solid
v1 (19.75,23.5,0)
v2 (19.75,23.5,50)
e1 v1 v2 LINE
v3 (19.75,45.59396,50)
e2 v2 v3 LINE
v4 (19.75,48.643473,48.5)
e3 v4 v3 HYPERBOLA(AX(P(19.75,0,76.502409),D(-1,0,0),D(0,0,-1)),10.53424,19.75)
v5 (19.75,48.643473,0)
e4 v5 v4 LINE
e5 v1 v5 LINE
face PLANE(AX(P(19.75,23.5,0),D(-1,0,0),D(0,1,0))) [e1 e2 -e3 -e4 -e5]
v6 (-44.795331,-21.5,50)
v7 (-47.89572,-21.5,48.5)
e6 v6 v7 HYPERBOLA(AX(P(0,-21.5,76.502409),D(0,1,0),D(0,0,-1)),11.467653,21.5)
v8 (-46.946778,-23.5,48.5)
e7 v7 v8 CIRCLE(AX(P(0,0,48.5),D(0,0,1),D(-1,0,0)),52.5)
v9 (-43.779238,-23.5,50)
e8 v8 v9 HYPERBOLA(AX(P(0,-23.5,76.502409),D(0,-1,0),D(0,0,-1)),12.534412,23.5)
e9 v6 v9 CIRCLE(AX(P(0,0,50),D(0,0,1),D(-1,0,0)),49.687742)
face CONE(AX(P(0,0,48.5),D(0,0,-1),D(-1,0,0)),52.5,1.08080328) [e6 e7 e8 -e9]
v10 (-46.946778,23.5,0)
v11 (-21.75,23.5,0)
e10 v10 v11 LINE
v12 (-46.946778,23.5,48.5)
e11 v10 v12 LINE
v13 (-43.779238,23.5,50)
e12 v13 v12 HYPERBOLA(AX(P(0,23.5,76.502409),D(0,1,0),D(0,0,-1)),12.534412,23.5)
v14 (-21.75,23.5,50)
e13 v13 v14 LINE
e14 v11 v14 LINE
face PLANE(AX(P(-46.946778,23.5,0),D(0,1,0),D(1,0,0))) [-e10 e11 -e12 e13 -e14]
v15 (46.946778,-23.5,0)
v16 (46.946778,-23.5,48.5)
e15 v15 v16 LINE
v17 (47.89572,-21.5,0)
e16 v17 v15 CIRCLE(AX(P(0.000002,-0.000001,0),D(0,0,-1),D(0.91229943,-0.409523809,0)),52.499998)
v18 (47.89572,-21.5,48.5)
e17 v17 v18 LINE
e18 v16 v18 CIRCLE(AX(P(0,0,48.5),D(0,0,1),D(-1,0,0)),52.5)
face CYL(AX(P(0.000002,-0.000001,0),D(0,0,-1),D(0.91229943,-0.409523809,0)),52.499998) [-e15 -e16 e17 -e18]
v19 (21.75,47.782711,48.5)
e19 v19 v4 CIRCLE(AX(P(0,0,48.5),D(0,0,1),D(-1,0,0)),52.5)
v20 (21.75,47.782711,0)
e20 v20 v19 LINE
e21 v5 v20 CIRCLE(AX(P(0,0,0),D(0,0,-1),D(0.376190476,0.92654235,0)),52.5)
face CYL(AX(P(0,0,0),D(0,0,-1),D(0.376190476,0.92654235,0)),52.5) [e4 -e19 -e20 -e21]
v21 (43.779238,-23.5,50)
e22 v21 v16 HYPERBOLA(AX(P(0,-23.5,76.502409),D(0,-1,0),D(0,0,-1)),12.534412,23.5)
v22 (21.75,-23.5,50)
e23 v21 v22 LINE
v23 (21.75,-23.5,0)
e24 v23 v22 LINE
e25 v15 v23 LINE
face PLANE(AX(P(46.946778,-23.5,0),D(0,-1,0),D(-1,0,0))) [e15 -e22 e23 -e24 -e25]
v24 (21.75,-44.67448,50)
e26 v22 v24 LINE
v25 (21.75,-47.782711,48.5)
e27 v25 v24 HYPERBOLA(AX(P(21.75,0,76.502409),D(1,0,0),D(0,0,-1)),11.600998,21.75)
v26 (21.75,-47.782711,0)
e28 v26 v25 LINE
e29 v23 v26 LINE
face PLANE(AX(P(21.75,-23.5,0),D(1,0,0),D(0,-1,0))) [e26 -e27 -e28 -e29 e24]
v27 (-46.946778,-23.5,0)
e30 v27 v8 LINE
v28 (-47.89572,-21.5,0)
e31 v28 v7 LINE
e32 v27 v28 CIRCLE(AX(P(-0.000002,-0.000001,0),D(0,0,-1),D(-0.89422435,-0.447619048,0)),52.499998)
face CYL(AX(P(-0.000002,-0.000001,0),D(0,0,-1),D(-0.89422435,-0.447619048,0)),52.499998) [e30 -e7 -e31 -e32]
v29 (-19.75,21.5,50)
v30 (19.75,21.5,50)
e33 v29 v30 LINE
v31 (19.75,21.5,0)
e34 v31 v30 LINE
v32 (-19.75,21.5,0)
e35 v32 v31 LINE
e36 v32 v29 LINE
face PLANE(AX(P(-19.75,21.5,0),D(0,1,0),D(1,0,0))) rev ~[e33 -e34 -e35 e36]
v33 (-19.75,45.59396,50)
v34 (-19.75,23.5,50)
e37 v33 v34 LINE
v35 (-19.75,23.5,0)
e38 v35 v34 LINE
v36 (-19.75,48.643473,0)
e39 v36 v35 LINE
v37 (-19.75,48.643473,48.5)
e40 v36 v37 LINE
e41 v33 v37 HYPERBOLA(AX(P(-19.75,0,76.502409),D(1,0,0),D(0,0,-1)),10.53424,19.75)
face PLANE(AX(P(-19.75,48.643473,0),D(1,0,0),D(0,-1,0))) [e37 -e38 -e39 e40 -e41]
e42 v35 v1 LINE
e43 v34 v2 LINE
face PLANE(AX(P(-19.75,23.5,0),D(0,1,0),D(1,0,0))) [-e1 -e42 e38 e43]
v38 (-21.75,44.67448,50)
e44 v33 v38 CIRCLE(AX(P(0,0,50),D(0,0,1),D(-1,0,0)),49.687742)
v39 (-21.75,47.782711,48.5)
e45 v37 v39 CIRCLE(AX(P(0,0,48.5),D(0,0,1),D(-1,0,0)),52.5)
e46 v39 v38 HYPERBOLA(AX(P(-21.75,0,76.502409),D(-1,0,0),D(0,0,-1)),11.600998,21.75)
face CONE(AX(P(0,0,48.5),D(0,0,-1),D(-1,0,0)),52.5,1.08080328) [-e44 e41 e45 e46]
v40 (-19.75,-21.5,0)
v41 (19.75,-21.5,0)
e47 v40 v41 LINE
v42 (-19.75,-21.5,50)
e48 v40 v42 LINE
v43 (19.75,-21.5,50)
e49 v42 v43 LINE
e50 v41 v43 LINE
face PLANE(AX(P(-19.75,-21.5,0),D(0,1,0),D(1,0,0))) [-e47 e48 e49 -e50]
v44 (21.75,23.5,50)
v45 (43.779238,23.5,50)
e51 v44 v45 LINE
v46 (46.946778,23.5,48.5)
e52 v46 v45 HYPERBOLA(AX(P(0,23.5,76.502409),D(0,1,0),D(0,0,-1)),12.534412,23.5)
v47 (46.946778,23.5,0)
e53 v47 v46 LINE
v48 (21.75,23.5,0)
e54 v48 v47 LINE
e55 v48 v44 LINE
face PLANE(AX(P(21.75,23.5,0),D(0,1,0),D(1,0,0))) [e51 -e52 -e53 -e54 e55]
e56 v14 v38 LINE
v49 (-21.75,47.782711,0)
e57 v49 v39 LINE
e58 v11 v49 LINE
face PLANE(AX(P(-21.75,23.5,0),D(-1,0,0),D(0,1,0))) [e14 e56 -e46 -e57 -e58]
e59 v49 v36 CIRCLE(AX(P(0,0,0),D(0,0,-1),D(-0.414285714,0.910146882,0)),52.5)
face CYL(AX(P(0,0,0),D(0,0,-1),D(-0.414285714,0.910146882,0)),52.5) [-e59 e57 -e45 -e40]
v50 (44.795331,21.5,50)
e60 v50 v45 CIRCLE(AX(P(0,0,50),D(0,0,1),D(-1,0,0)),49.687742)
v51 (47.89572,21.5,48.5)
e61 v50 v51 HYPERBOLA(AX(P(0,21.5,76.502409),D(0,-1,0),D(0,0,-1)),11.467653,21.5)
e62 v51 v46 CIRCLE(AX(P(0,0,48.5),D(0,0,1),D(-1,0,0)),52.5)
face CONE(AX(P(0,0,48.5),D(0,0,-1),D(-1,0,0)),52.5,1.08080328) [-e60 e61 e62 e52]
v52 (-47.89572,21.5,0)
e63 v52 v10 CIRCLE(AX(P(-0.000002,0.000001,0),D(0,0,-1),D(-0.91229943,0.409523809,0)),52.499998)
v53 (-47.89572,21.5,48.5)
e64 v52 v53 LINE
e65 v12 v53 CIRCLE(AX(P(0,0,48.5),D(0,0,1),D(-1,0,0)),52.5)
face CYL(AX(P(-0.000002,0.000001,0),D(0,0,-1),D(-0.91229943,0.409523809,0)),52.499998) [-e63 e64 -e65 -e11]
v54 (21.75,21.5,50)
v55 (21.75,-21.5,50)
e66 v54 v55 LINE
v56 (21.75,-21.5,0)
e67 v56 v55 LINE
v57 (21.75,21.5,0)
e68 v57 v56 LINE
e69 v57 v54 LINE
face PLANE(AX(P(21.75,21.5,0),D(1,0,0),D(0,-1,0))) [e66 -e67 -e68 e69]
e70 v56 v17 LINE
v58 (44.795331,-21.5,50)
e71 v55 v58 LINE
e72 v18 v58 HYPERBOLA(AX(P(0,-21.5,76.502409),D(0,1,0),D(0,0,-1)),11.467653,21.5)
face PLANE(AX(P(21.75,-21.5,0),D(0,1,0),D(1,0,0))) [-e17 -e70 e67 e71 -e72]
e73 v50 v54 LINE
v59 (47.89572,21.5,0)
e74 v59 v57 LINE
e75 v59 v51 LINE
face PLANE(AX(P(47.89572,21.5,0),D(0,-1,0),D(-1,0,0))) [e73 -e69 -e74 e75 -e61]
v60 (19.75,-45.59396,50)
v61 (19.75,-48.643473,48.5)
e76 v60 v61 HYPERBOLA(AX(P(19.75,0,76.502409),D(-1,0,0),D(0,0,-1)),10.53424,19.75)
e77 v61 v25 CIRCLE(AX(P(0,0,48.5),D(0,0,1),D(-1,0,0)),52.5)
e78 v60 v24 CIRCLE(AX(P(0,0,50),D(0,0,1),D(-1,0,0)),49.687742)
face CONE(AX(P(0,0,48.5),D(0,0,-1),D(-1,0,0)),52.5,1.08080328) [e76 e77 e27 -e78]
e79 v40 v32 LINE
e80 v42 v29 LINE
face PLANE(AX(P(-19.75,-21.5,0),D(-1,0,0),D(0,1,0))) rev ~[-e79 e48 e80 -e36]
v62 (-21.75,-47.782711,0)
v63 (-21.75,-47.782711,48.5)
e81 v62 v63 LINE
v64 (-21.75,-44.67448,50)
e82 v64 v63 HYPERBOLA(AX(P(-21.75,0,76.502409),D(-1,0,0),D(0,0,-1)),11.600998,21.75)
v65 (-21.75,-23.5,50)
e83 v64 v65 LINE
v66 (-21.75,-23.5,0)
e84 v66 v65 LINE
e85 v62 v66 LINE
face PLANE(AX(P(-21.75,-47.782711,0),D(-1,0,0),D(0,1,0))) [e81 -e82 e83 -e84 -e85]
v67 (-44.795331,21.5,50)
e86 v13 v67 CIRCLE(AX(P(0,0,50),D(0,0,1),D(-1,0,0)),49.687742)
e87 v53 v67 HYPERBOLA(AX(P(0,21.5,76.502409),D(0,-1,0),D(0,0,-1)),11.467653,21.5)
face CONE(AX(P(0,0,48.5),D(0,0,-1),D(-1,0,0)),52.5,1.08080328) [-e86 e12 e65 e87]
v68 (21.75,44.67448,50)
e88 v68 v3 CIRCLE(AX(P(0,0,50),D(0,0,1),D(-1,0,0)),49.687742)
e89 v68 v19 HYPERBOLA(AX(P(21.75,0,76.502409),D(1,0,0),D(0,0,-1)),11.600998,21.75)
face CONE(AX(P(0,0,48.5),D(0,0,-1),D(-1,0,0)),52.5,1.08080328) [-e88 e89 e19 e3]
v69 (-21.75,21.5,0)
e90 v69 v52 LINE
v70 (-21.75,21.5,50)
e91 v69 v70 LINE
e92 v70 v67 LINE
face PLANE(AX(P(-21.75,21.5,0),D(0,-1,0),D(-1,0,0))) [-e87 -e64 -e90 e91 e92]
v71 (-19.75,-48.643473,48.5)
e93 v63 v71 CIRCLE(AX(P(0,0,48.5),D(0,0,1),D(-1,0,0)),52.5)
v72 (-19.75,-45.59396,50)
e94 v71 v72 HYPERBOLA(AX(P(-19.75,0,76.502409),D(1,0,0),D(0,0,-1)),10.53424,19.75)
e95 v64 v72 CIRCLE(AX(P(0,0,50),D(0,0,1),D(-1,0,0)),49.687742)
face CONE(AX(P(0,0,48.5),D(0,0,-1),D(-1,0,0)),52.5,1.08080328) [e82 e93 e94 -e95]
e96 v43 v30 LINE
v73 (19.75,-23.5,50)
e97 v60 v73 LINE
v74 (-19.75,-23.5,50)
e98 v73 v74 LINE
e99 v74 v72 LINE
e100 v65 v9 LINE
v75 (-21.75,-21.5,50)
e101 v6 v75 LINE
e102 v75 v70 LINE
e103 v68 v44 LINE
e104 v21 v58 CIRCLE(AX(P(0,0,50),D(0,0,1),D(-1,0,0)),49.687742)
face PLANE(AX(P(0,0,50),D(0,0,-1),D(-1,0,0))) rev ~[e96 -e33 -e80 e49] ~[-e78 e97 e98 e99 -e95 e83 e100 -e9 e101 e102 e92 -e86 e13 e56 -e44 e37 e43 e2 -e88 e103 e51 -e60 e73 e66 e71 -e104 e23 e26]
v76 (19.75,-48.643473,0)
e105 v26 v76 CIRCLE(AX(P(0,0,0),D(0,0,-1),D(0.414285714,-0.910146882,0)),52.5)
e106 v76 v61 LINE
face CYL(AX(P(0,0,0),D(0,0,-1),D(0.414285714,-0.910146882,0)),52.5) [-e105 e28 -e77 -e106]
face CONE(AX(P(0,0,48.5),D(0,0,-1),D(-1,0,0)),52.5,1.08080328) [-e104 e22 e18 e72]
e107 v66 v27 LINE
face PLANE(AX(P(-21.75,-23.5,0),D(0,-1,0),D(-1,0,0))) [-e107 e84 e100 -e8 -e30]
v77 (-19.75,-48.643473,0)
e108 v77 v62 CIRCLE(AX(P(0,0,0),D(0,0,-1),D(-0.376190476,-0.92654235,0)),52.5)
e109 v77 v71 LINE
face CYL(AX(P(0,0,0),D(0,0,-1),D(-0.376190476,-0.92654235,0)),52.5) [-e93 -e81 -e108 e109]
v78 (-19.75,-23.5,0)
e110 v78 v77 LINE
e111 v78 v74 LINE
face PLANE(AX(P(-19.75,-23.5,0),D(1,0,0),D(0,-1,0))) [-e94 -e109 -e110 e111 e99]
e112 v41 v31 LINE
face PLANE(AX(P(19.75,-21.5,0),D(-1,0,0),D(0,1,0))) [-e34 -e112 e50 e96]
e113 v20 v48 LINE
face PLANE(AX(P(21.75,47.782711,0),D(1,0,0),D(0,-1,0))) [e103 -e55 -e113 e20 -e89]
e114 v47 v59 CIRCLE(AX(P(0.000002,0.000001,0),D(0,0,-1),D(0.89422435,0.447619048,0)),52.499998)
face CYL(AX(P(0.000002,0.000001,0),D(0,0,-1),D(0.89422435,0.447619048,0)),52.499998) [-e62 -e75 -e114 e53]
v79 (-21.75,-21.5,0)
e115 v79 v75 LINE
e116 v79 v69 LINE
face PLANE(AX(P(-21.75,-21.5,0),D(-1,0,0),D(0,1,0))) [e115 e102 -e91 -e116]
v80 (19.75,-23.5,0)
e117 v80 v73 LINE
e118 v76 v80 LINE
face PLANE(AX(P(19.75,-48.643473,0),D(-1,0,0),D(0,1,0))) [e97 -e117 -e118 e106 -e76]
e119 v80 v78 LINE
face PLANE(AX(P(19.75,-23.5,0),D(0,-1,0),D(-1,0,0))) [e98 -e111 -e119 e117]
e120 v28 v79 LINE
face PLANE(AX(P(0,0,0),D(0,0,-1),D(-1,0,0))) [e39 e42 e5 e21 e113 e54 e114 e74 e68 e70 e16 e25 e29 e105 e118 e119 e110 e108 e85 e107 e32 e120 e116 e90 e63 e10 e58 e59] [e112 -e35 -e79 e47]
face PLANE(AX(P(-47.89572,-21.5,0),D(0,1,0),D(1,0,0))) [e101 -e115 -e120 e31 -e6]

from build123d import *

# Parameters (mm, degrees)
SKETCH1_W           = 39.5
SKETCH1_H           = 43
BOSS_EXTRUDE1_DEPTH = 50


with BuildPart() as part:
    # Sketch1 → Boss-Extrude1 (new body)
    with BuildSketch(Plane.XY):
        with BuildLine():
            Line((-19.75, 48.643473355), (-19.75, 23.5))
            Line((-19.75, 23.5), (19.75, 23.5))
            Line((19.75, 23.5), (19.75, 48.643473355))
            ThreePointArc((19.75, 48.643473355), (20.754462841, 48.223461844), (21.75, 47.782711309))
            Line((21.75, 47.782711309), (21.75, 23.5))
            Line((21.75, 23.5), (46.946778377, 23.5))
            ThreePointArc((46.946778377, 23.5), (47.431791843, 22.505002168), (47.895720059, 21.5))
            Line((47.895720059, 21.5), (21.75, 21.5))
            Line((21.75, 21.5), (21.75, -21.5))
            Line((21.75, -21.5), (47.895720059, -21.5))
            ThreePointArc((47.895720059, -21.5), (47.431791843, -22.505002168), (46.946778377, -23.5))
            Line((46.946778377, -23.5), (21.75, -23.5))
            Line((21.75, -23.5), (21.75, -47.782711309))
            ThreePointArc((21.75, -47.782711309), (20.754462841, -48.223461844), (19.75, -48.643473355))
            Line((19.75, -48.643473355), (19.75, -23.5))
            Line((19.75, -23.5), (-19.75, -23.5))
            Line((-19.75, -23.5), (-19.75, -48.643473355))
            ThreePointArc((-19.75, -48.643473355), (-20.754462841, -48.223461844), (-21.75, -47.782711309))
            Line((-21.75, -47.782711309), (-21.75, -23.5))
            Line((-21.75, -23.5), (-46.946778377, -23.5))
            ThreePointArc((-46.946778377, -23.5), (-47.431791843, -22.505002168), (-47.895720059, -21.5))
            Line((-47.895720059, -21.5), (-21.75, -21.5))
            Line((-21.75, -21.5), (-21.75, 21.5))
            Line((-21.75, 21.5), (-47.895720059, 21.5))
            ThreePointArc((-47.895720059, 21.5), (-47.431791843, 22.505002168), (-46.946778377, 23.5))
            Line((-46.946778377, 23.5), (-21.75, 23.5))
            Line((-21.75, 23.5), (-21.75, 47.782711309))
            ThreePointArc((-21.75, 47.782711309), (-20.754462841, 48.223461844), (-19.75, 48.643473355))
        make_face()
        Rectangle(SKETCH1_W, SKETCH1_H, mode=Mode.SUBTRACT)
    extrude(amount=BOSS_EXTRUDE1_DEPTH)

    # Sketch2 → Cut-Revolve1 (revolve, cut)
    with BuildSketch(Plane(origin=(0, 0, 0), x_dir=(1, 0, 0), z_dir=(0, 1, 0))):
        Polygon((-52.5, -48.5), (-23.44, -64), (0, -64), (0, -76.924912946), (-62.730842365, -76.924912946), (-62.730842365, -48.5), align=None)
    revolve(axis=Axis((0, 0, -17.212629341), (0, 0, 1)), mode=Mode.SUBTRACT)


solid = part.part
